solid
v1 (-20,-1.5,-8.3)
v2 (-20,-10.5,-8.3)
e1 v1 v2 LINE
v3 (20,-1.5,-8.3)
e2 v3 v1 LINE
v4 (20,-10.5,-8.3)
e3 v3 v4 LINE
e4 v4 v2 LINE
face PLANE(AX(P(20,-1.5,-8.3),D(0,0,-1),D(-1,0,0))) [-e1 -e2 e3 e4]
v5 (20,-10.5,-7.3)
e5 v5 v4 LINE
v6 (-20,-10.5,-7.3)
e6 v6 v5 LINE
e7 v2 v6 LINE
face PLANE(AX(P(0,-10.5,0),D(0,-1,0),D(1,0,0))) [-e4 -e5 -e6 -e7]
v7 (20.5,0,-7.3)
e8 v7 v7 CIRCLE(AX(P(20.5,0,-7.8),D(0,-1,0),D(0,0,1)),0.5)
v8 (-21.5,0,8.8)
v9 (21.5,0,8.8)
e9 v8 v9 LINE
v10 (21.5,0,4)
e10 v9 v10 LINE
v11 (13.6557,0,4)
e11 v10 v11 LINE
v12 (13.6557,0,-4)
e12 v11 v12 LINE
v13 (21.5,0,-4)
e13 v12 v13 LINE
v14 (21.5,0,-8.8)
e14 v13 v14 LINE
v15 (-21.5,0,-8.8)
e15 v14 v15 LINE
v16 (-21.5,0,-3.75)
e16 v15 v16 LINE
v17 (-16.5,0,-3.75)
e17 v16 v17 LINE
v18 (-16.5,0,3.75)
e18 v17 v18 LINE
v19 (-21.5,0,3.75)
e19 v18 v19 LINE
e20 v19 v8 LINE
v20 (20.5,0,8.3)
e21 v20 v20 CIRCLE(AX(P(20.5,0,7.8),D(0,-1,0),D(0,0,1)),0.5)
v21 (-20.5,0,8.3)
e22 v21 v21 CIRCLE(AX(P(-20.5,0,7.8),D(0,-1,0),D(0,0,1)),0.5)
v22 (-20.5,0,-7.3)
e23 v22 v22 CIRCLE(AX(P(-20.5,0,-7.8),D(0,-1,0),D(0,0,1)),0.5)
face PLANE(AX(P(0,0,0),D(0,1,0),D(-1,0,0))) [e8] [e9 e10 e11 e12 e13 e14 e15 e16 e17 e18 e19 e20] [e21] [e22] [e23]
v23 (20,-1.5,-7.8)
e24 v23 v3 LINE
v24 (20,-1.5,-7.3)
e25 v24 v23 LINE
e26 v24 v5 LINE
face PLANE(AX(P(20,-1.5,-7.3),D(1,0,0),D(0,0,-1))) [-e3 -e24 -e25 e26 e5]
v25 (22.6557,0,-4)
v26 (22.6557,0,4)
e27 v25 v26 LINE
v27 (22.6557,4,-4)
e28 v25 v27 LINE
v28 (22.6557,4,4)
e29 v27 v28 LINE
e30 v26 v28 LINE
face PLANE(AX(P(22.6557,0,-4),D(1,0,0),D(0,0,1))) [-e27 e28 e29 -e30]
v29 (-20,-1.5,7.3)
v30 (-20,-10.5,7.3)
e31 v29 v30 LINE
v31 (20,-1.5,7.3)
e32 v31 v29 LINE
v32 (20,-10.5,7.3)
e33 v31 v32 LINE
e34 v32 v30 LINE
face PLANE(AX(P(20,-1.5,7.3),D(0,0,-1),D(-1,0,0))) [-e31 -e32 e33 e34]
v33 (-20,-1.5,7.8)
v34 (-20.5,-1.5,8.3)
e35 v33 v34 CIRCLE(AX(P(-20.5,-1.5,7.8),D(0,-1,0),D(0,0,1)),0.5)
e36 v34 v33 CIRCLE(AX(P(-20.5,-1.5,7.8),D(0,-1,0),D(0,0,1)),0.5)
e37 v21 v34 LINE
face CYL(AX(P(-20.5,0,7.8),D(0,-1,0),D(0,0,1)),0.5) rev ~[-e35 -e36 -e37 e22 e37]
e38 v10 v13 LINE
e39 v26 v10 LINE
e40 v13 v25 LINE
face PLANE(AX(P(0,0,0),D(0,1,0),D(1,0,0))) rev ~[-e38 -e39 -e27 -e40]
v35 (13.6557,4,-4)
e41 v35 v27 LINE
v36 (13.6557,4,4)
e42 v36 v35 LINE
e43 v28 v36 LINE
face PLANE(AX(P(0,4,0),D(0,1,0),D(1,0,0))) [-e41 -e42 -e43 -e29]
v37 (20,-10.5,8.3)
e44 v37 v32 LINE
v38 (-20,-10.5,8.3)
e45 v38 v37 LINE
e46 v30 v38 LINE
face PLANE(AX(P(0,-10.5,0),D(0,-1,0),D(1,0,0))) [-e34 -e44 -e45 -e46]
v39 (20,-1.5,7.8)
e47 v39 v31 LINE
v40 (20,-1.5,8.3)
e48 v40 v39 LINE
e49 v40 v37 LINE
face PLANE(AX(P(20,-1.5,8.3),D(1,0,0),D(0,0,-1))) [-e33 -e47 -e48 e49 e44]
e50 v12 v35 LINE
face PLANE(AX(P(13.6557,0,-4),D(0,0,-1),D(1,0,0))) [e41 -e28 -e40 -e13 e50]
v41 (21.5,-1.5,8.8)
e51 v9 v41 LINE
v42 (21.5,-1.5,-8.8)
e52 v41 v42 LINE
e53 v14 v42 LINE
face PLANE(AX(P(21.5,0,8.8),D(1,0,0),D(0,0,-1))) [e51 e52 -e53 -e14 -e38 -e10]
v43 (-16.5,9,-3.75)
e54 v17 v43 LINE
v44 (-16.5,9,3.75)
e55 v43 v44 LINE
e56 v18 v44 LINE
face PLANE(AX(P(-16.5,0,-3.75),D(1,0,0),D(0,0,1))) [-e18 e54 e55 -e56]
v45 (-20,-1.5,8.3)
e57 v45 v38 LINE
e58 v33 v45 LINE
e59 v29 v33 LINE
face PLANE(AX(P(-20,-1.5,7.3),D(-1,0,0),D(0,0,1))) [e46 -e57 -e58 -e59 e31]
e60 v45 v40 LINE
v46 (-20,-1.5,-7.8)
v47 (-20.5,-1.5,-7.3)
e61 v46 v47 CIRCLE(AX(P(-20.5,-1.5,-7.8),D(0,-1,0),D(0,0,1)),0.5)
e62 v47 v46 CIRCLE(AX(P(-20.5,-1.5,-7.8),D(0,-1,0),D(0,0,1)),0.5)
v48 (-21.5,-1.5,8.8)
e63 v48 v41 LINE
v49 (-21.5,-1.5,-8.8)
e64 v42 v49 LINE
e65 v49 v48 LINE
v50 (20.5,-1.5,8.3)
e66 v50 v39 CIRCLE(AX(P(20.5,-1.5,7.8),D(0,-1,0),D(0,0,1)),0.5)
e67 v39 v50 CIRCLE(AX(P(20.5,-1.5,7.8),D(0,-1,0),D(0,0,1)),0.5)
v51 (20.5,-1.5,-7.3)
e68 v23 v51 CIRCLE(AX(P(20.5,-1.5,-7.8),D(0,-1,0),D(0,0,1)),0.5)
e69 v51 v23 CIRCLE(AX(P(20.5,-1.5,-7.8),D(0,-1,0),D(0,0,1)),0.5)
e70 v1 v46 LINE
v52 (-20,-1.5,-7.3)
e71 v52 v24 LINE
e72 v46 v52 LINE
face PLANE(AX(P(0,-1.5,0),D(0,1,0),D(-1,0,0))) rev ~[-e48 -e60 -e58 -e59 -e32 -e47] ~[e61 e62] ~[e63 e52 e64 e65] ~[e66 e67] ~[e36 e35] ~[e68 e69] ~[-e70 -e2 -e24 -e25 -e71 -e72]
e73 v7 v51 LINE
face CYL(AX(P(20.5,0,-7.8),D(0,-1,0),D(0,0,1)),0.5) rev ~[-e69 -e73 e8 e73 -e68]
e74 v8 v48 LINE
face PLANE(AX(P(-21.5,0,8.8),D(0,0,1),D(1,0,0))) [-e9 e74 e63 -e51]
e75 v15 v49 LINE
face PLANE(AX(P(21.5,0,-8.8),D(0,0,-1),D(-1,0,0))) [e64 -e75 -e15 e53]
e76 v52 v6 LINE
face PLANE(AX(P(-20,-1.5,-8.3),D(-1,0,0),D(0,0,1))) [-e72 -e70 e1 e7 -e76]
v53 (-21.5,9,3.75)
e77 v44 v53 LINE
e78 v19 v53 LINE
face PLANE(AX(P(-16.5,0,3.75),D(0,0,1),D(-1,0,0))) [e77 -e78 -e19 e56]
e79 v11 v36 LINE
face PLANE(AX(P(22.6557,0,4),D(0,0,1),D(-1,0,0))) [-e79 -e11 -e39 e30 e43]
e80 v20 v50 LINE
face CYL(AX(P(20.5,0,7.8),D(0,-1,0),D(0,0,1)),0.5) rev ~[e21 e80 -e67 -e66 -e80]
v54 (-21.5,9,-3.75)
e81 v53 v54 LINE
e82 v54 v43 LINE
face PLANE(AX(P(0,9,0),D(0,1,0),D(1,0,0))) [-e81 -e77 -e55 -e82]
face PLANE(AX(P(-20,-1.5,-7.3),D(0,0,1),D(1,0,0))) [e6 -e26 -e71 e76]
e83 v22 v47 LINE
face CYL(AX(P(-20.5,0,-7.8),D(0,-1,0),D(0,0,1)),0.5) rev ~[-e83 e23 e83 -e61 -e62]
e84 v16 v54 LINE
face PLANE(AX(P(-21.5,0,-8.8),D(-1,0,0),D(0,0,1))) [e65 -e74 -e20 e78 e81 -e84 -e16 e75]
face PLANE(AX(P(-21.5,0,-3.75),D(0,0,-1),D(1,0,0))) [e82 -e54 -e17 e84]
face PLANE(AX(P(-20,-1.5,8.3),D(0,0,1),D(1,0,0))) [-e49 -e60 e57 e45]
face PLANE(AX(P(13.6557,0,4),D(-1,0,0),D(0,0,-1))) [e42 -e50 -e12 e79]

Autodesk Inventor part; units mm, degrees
ref_plane "YZ Plane" through (0, 0, 0) normal (1, 0, 0) x (0, 1, 0)
ref_plane "XZ Plane" through (0, 0, 0) normal (0, 1, 0) x (-1, 0, 0)
ref_plane "XY Plane" through (0, 0, 0) normal (0, 0, 1) x (1, 0, 0)
sketch "Sketch1" plane through (0, 0, 0) normal (0, 1, 0) x (-1, 0, 0)
  line L0 (21.5, 8.8) -> (-21.5, 8.8)
  line L1 (-21.5, 8.8) -> (-21.5, -8.8)
  line L2 (-21.5, -8.8) -> (21.5, -8.8)
  line L3 (21.5, -8.8) -> (21.5, 8.8)
  line L4 (21.5, 8.8) -> (-21.5, -8.8) construction
  line L5 (-21.5, 8.8) -> (21.5, -8.8) construction
  line L6 (20.5, 7.8) -> (-20.5, 7.8) construction
  line L7 (-20.5, 7.8) -> (-20.5, -7.8) construction
  line L8 (-20.5, -7.8) -> (20.5, -7.8) construction
  line L9 (20.5, -7.8) -> (20.5, 7.8) construction
  point P0 (0, 0)
  dimension "d0" = 43
  dimension "d1" = 17.6
  dimension "d2" = 1
extrude "Extrusion1" add sketch "Sketch1" against normal blind 1.5
hole "Hole1" at (-20.5, 0, 7.8) at (-20.5, 0, -7.8) at (20.5, 0, 7.8) at (20.5, 0, -7.8) direction (0, -1, 0) diameter 1 end through all
sketch "Sketch2" plane through (0, 0, 0) normal (0, 1, 0) x (1, 0, 0)
  line L0 (-21.5, 3.75) -> (-16.5, 3.75)
  line L1 (-16.5, 3.75) -> (-16.5, -3.75)
  line L2 (-16.5, -3.75) -> (-21.5, -3.75)
  line L3 (-21.5, -3.75) -> (-21.5, 3.75)
  line L4 (-21.5, 3.75) -> (-16.5, -3.75) construction
  line L5 (-16.5, 3.75) -> (-21.5, -3.75) construction
  line L6 (-21.5, 8.8) -> (-21.5, -8.8) projected
  point P0 (0, 0)
  point P1 (-19, 0)
  point P2 (-21.5, 0)
  dimension "d12" = 5
  dimension "d13" = 7.5
extrude "Extrusion2" add sketch "Sketch2" along normal blind 9
sketch "Sketch3" plane through (0, 0, 0) normal (0, 1, 0) x (1, 0, 0)
  point P0 (0, 0)
sketch "Sketch4" plane through (0, 0, 0) normal (0, 1, 0) x (1, 0, 0)
  line L0 (13.6557, 4) -> (22.6557, 4)
  line L1 (22.6557, 4) -> (22.6557, -4)
  line L2 (22.6557, -4) -> (13.6557, -4)
  line L3 (13.6557, -4) -> (13.6557, 4)
  line L4 (13.6557, 4) -> (22.6557, -4) construction
  line L5 (22.6557, 4) -> (13.6557, -4) construction
  point P0 (0, 0)
  point P1 (18.1557, 0)
  dimension "d16" = 9
  dimension "d17" = 8
extrude "Extrusion3" add sketch "Sketch4" along normal blind 4
sketch "Sketch5" plane through (0, -1.5, 0) normal (0, -1, 0) x (1, 0, 0)
  circle A0 centre (20.5, 7.8) radius 0.5 construction
  circle A1 centre (-20.5, 7.8) radius 0.5 construction
  circle A2 centre (-20.5, -7.8) radius 0.5 construction
  circle A3 centre (20.5, -7.8) radius 0.5 construction
  line L0 (21.5, -8.8) -> (21.5, 8.8) construction
  line L1 (21.5, 8.8) -> (-21.5, 8.8) construction
  line L2 (-21.5, 8.8) -> (-21.5, -8.8) construction
  line L3 (-21.5, -8.8) -> (21.5, -8.8) construction
  line L4 (-20, 8.3) -> (20, 8.3)
  line L5 (20, 8.3) -> (20, 7.3)
  line L6 (20, 7.3) -> (-20, 7.3)
  line L7 (-20, 7.3) -> (-20, 8.3)
  line L8 (20, -8.3) -> (-20, -8.3)
  line L9 (-20, -8.3) -> (-20, -7.3)
  line L10 (-20, -7.3) -> (20, -7.3)
  line L11 (20, -7.3) -> (20, -8.3)
  point P0 (0, 0)
extrude "Extrusion4" add sketch "Sketch5" along normal blind 9
properties part number "nano_footprint"
